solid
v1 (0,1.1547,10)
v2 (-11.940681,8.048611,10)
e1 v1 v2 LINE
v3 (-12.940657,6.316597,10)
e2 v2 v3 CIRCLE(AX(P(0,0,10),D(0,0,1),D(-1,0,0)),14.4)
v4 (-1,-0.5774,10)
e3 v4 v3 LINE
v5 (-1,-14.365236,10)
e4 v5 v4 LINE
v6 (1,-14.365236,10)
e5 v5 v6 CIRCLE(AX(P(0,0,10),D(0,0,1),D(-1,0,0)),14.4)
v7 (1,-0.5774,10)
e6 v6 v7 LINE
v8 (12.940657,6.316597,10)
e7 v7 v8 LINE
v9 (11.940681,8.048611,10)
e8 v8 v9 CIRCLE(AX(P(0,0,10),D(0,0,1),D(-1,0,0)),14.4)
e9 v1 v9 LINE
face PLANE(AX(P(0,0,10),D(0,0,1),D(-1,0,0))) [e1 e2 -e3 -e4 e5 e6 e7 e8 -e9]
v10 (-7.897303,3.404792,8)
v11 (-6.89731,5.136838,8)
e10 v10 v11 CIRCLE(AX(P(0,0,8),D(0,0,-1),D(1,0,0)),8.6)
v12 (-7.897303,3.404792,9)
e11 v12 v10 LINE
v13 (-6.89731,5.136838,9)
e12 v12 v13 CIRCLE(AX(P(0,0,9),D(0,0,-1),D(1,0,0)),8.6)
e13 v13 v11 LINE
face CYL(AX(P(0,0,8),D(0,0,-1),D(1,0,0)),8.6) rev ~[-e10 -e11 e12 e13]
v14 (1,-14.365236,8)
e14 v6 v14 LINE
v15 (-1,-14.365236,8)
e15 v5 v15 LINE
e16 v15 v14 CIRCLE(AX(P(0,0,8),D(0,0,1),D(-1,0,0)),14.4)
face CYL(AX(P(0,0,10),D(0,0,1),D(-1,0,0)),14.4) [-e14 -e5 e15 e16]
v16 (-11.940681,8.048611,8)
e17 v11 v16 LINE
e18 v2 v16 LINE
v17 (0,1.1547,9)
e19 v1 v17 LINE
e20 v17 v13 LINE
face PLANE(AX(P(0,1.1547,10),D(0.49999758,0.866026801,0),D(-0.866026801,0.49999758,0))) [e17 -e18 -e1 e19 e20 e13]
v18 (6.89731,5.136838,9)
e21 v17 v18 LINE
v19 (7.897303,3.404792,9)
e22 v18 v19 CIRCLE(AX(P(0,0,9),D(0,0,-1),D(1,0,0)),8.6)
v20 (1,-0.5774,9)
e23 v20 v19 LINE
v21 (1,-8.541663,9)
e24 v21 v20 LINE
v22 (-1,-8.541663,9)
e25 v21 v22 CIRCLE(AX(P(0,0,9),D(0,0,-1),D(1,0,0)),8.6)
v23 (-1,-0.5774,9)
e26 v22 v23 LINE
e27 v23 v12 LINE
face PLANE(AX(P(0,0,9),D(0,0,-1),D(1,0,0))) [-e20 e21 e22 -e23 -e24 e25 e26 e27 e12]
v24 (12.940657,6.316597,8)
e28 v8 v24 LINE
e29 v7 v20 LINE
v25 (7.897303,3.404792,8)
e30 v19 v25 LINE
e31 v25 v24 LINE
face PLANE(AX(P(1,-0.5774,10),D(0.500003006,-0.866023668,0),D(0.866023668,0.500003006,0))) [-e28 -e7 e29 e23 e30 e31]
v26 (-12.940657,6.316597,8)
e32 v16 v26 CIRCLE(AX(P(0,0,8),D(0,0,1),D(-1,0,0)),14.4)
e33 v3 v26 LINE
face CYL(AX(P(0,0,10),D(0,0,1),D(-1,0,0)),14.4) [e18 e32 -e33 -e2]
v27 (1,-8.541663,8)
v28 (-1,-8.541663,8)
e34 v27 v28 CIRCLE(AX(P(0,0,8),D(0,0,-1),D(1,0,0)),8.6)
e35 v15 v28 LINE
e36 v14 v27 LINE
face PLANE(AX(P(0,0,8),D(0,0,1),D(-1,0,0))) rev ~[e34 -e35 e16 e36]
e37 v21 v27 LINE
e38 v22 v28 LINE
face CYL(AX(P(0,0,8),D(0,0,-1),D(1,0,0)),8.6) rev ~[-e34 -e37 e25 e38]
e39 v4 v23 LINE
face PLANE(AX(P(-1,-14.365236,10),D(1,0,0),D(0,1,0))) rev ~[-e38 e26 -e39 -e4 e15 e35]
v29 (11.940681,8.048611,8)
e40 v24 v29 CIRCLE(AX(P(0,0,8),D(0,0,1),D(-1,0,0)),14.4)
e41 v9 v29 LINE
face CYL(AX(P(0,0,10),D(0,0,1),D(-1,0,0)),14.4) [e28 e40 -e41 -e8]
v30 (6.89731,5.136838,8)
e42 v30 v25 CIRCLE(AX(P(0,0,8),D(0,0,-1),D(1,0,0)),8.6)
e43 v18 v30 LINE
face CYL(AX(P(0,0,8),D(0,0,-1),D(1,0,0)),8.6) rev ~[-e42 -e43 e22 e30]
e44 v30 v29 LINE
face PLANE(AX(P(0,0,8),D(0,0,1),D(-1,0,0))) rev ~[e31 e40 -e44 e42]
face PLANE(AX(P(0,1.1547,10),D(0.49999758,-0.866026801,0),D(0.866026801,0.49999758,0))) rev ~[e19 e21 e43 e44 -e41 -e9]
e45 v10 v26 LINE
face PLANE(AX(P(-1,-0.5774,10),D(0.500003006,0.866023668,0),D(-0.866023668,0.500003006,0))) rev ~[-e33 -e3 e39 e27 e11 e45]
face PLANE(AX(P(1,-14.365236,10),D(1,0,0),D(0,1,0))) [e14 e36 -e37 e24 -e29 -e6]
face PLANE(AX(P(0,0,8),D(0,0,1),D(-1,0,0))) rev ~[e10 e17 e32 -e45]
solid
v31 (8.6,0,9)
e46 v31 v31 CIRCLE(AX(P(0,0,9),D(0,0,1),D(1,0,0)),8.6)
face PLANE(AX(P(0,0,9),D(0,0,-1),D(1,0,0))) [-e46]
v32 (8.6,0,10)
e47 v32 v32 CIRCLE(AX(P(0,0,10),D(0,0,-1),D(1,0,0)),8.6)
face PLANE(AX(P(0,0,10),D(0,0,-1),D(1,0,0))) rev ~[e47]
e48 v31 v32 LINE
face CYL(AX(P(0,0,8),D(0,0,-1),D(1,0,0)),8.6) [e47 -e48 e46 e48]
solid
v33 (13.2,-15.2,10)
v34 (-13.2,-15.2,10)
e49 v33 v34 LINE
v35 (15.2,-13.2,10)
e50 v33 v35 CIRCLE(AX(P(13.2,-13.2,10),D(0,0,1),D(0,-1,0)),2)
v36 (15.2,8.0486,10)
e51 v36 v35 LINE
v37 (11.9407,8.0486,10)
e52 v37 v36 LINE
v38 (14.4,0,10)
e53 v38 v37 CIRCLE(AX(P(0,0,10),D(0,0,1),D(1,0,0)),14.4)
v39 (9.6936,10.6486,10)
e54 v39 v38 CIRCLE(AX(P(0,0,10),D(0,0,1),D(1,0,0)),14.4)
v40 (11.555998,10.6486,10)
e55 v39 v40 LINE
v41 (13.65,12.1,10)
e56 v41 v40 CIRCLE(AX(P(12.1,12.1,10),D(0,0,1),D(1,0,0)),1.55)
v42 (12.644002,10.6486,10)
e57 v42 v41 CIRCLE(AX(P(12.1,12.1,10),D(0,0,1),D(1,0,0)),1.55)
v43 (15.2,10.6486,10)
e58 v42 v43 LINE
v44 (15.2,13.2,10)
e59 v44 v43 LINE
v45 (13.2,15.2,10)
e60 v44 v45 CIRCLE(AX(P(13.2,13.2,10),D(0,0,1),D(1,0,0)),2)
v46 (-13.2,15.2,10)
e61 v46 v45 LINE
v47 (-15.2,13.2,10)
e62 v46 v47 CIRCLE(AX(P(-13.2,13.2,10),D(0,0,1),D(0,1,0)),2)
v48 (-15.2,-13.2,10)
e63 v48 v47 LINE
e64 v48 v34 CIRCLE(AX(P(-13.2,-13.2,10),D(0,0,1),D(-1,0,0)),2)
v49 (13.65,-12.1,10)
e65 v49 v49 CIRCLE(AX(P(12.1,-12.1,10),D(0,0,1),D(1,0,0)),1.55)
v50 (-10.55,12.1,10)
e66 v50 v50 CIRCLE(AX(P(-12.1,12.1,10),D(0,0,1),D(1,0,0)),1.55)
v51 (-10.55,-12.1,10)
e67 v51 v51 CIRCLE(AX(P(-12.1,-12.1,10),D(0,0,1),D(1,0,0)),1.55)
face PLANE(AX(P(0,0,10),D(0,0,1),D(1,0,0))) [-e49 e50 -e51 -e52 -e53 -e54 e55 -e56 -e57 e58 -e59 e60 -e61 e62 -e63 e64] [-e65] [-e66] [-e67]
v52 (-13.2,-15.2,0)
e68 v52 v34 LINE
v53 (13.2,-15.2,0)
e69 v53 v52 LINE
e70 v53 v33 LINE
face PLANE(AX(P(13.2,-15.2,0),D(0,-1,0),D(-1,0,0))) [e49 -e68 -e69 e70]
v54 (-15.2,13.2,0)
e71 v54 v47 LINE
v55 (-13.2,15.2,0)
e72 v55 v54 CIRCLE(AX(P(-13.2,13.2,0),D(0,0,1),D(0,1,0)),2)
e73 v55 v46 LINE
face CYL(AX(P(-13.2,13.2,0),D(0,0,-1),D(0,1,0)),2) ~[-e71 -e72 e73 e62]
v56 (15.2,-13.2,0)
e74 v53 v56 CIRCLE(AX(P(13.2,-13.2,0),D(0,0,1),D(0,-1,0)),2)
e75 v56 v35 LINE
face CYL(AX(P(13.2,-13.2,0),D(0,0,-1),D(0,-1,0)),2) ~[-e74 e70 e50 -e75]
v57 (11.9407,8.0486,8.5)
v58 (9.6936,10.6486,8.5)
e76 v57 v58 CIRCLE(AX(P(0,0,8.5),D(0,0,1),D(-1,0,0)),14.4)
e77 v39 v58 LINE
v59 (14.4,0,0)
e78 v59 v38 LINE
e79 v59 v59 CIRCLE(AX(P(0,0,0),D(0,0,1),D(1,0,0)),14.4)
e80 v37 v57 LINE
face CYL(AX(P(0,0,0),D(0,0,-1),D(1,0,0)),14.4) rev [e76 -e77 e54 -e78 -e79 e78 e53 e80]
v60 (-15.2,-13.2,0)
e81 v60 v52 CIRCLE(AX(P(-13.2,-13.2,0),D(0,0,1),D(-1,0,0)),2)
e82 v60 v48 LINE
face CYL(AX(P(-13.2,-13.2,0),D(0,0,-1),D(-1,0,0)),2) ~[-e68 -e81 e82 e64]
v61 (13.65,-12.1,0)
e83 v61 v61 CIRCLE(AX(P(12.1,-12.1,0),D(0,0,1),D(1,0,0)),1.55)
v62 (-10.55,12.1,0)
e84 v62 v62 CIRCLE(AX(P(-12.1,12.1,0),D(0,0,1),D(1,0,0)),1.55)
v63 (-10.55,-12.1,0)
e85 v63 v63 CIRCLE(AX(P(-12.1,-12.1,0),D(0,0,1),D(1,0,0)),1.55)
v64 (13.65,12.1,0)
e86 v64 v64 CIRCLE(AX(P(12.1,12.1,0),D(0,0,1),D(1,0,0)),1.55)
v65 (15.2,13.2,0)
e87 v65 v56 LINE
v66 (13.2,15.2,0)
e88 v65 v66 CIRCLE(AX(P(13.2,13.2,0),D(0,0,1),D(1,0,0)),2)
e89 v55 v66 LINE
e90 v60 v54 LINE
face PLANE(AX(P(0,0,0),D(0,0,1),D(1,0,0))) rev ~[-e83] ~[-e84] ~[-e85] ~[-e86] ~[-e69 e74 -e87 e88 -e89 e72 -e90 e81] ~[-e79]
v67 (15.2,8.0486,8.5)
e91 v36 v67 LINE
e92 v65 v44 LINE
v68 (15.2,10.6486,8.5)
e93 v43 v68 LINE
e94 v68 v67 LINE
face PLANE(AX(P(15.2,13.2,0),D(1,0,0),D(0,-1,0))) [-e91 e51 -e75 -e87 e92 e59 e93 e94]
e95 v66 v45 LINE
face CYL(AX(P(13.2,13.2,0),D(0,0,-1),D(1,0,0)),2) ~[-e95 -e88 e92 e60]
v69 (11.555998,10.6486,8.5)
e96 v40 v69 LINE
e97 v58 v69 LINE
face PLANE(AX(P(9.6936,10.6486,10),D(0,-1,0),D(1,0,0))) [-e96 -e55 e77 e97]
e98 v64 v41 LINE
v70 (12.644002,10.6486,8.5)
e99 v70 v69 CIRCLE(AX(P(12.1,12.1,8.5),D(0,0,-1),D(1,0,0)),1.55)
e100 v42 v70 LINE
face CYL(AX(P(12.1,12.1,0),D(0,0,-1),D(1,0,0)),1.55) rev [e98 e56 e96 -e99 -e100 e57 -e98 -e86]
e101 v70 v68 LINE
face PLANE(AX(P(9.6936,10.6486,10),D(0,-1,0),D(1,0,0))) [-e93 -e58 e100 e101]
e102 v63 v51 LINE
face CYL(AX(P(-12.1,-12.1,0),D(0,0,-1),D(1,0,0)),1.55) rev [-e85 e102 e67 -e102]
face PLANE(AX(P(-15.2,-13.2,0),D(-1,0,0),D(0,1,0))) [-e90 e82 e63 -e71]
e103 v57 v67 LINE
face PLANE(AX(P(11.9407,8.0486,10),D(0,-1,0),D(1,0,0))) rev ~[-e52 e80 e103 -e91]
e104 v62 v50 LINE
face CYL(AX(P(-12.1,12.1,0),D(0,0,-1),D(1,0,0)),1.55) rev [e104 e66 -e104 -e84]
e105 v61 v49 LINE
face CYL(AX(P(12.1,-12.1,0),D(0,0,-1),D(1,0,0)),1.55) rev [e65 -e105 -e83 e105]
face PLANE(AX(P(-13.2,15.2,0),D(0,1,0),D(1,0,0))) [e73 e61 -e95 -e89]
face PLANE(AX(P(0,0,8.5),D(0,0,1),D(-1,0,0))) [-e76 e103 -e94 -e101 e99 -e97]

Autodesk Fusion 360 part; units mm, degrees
sketch "Frame" plane through (0, 0, 0) normal (0, 0, 1) x (1, 0, 0)
  line L0 (13.2, -15.2) -> (-13.2, -15.2)
  line L1 (-15.2, -13.2) -> (-15.2, 13.2)
  line L2 (-13.2, 15.2) -> (13.2, 15.2)
  line L3 (15.2, 13.2) -> (15.2, -13.2)
  circle A0 centre (0, 0) radius 14.4
  arc A1 (13.2, -15.2) -> (15.2, -13.2) centre (13.2, -13.2) ccw
  arc A2 (-15.2, -13.2) -> (-13.2, -15.2) centre (-13.2, -13.2) ccw
  arc A3 (-13.2, 15.2) -> (-15.2, 13.2) centre (-13.2, 13.2) ccw
  arc A4 (15.2, 13.2) -> (13.2, 15.2) centre (13.2, 13.2) ccw
  circle A5 centre (-12.1, 12.1) radius 1.55
  line L4 (0, -20) -> (0, 21.5907) construction
  line L5 (25, 0) -> (-35, 0) construction
  circle A6 centre (12.1, 12.1) radius 1.55
  circle A7 centre (-12.1, -12.1) radius 1.55
  circle A8 centre (12.1, -12.1) radius 1.55
  dimension "d1" = 30.4
  dimension "d2" = 30.4
  dimension "d3" = 15.2
  dimension "d4" = 15.2
  dimension "d5" = 28.8
  dimension "d6" = 2
  dimension "d7" = 3.1
  dimension "d8" = 3.1
  dimension "d9" = 3.1
extrude "Extrude1" add sketch "Frame" along normal blind 10 makes body 1
sketch "Fan Attacher" plane through (0, 0, 10) normal (0, 0, 1) x (-1, 0, 0)
  circle A0 centre (-12.1, -12.1) radius 1.55
  circle A1 centre (-12.1, 12.1) radius 1.55
  circle A2 centre (0, 0) radius 14.4
  circle A3 centre (12.1, 12.1) radius 1.55
  circle A4 centre (12.1, -12.1) radius 1.55
  arc A5 (-13.2, 15.2) -> (-15.2, 13.2) centre (-13.2, 13.2) ccw
  line L0 (-15.2, 13.2) -> (-15.2, -13.2)
  arc A6 (-15.2, -13.2) -> (-13.2, -15.2) centre (-13.2, -13.2) ccw
  line L1 (-13.2, -15.2) -> (13.2, -15.2)
  arc A7 (13.2, -15.2) -> (15.2, -13.2) centre (13.2, -13.2) ccw
  line L2 (15.2, -13.2) -> (15.2, 13.2)
  arc A8 (15.2, 13.2) -> (13.2, 15.2) centre (13.2, 13.2) ccw
  line L3 (13.2, 15.2) -> (-13.2, 15.2)
  line L4 (0, 14.4) -> (0, 0) construction
  line L5 (0, 0) -> (-12.4708, -7.2) construction
  line L6 (0, 0) -> (12.4708, -7.2) construction
  line L7 (-1, 14.4) -> (-1, 0.5774)
  line L8 (1, 14.4) -> (1, 0.5774)
  line L9 (-1, 0.5774) -> (-12.9708, -6.334)
  line L10 (0, -1.1547) -> (-11.9708, -8.066)
  line L11 (0, -1.1547) -> (11.9708, -8.066)
  line L12 (1, 0.5774) -> (12.9708, -6.334)
  circle A9 centre (0, 0) radius 14.4
  dimension "d12" = 120
  dimension "d13" = 120
extrude "Extrude2" add sketch "Fan Attacher" against normal blind 2 separate body contours A2 L7 L8 L9 L10 L11 L12 A9 makes body 2
sketch "Sketch3" plane through (0, 0, 8) normal (0, 0, -1) x (1, 0, 0)
  line L0 (1, 0.5774) -> (1, 14.3652) construction
  arc A0 (1, 14.3652) -> (-1, 14.3652) centre (0, 0) ccw
  line L1 (-1, 14.3652) -> (-1, 0.5774) construction
  line L2 (-1, 0.5774) -> (-12.9407, -6.3166) construction
  arc A1 (-12.9407, -6.3166) -> (-11.9407, -8.0486) centre (0, 0) ccw
  line L3 (-11.9407, -8.0486) -> (0, -1.1547) construction
  line L4 (0, -1.1547) -> (11.9407, -8.0486) construction
  arc A2 (11.9407, -8.0486) -> (12.9407, -6.3166) centre (0, 0) ccw
  line L5 (12.9407, -6.3166) -> (1, 0.5774)
  circle A3 centre (0, 0) radius 8.6
  dimension "d22" = 17.2
extrude "Extrude3" add sketch "Sketch3" against normal up to surface (2 mm away) separate body makes body 3
sketch "Sketch4" plane through (0, 0, 8) normal (0, 0, -1) x (1, 0, 0)
  circle A0 centre (0, 0) radius 8.6
  circle A1 centre (0, 0) radius 8.6
  dimension "d26" = 17.2
extrude "Extrude4" cut sketch "Sketch4" against normal blind 1 bodies 2 3
sketch "Sketch5" plane through (0, 0, 10) normal (0, 0, 1) x (-1, 0, 0)
  line L0 (-1, 14.3652) -> (-1, 0.5774)
  line L1 (-1, 0.5774) -> (-12.9407, -6.3166)
  arc A0 (-12.9407, -6.3166) -> (-11.9407, -8.0486) centre (0, 0) ccw
  line L2 (-11.9407, -8.0486) -> (0, -1.1547)
  line L3 (0, -1.1547) -> (11.9407, -8.0486)
  arc A1 (11.9407, -8.0486) -> (12.9407, -6.3166) centre (0, 0) ccw
  line L4 (12.9407, -6.3166) -> (1, 0.5774)
  line L5 (1, 0.5774) -> (1, 14.3652)
  arc A2 (1, 14.3652) -> (-1, 14.3652) centre (0, 0) ccw
  circle A3 centre (0, 0) radius 14.4
  line L6 (-11.9407, -8.0486) -> (-16, -8.0486)
  line L7 (-9.6936, -10.6486) -> (-16, -10.6486)
  line L8 (-16, -8.0486) -> (-16, -10.6486)
  dimension "d29" = 2.6
  dimension "d30" = 16
extrude "Extrude5" cut sketch "Sketch5" against normal blind 1.5 contours A3 L6 L7 L8 bodies 1
equation "d3 = ( 30.4 / 2 ) * 1 mm"
